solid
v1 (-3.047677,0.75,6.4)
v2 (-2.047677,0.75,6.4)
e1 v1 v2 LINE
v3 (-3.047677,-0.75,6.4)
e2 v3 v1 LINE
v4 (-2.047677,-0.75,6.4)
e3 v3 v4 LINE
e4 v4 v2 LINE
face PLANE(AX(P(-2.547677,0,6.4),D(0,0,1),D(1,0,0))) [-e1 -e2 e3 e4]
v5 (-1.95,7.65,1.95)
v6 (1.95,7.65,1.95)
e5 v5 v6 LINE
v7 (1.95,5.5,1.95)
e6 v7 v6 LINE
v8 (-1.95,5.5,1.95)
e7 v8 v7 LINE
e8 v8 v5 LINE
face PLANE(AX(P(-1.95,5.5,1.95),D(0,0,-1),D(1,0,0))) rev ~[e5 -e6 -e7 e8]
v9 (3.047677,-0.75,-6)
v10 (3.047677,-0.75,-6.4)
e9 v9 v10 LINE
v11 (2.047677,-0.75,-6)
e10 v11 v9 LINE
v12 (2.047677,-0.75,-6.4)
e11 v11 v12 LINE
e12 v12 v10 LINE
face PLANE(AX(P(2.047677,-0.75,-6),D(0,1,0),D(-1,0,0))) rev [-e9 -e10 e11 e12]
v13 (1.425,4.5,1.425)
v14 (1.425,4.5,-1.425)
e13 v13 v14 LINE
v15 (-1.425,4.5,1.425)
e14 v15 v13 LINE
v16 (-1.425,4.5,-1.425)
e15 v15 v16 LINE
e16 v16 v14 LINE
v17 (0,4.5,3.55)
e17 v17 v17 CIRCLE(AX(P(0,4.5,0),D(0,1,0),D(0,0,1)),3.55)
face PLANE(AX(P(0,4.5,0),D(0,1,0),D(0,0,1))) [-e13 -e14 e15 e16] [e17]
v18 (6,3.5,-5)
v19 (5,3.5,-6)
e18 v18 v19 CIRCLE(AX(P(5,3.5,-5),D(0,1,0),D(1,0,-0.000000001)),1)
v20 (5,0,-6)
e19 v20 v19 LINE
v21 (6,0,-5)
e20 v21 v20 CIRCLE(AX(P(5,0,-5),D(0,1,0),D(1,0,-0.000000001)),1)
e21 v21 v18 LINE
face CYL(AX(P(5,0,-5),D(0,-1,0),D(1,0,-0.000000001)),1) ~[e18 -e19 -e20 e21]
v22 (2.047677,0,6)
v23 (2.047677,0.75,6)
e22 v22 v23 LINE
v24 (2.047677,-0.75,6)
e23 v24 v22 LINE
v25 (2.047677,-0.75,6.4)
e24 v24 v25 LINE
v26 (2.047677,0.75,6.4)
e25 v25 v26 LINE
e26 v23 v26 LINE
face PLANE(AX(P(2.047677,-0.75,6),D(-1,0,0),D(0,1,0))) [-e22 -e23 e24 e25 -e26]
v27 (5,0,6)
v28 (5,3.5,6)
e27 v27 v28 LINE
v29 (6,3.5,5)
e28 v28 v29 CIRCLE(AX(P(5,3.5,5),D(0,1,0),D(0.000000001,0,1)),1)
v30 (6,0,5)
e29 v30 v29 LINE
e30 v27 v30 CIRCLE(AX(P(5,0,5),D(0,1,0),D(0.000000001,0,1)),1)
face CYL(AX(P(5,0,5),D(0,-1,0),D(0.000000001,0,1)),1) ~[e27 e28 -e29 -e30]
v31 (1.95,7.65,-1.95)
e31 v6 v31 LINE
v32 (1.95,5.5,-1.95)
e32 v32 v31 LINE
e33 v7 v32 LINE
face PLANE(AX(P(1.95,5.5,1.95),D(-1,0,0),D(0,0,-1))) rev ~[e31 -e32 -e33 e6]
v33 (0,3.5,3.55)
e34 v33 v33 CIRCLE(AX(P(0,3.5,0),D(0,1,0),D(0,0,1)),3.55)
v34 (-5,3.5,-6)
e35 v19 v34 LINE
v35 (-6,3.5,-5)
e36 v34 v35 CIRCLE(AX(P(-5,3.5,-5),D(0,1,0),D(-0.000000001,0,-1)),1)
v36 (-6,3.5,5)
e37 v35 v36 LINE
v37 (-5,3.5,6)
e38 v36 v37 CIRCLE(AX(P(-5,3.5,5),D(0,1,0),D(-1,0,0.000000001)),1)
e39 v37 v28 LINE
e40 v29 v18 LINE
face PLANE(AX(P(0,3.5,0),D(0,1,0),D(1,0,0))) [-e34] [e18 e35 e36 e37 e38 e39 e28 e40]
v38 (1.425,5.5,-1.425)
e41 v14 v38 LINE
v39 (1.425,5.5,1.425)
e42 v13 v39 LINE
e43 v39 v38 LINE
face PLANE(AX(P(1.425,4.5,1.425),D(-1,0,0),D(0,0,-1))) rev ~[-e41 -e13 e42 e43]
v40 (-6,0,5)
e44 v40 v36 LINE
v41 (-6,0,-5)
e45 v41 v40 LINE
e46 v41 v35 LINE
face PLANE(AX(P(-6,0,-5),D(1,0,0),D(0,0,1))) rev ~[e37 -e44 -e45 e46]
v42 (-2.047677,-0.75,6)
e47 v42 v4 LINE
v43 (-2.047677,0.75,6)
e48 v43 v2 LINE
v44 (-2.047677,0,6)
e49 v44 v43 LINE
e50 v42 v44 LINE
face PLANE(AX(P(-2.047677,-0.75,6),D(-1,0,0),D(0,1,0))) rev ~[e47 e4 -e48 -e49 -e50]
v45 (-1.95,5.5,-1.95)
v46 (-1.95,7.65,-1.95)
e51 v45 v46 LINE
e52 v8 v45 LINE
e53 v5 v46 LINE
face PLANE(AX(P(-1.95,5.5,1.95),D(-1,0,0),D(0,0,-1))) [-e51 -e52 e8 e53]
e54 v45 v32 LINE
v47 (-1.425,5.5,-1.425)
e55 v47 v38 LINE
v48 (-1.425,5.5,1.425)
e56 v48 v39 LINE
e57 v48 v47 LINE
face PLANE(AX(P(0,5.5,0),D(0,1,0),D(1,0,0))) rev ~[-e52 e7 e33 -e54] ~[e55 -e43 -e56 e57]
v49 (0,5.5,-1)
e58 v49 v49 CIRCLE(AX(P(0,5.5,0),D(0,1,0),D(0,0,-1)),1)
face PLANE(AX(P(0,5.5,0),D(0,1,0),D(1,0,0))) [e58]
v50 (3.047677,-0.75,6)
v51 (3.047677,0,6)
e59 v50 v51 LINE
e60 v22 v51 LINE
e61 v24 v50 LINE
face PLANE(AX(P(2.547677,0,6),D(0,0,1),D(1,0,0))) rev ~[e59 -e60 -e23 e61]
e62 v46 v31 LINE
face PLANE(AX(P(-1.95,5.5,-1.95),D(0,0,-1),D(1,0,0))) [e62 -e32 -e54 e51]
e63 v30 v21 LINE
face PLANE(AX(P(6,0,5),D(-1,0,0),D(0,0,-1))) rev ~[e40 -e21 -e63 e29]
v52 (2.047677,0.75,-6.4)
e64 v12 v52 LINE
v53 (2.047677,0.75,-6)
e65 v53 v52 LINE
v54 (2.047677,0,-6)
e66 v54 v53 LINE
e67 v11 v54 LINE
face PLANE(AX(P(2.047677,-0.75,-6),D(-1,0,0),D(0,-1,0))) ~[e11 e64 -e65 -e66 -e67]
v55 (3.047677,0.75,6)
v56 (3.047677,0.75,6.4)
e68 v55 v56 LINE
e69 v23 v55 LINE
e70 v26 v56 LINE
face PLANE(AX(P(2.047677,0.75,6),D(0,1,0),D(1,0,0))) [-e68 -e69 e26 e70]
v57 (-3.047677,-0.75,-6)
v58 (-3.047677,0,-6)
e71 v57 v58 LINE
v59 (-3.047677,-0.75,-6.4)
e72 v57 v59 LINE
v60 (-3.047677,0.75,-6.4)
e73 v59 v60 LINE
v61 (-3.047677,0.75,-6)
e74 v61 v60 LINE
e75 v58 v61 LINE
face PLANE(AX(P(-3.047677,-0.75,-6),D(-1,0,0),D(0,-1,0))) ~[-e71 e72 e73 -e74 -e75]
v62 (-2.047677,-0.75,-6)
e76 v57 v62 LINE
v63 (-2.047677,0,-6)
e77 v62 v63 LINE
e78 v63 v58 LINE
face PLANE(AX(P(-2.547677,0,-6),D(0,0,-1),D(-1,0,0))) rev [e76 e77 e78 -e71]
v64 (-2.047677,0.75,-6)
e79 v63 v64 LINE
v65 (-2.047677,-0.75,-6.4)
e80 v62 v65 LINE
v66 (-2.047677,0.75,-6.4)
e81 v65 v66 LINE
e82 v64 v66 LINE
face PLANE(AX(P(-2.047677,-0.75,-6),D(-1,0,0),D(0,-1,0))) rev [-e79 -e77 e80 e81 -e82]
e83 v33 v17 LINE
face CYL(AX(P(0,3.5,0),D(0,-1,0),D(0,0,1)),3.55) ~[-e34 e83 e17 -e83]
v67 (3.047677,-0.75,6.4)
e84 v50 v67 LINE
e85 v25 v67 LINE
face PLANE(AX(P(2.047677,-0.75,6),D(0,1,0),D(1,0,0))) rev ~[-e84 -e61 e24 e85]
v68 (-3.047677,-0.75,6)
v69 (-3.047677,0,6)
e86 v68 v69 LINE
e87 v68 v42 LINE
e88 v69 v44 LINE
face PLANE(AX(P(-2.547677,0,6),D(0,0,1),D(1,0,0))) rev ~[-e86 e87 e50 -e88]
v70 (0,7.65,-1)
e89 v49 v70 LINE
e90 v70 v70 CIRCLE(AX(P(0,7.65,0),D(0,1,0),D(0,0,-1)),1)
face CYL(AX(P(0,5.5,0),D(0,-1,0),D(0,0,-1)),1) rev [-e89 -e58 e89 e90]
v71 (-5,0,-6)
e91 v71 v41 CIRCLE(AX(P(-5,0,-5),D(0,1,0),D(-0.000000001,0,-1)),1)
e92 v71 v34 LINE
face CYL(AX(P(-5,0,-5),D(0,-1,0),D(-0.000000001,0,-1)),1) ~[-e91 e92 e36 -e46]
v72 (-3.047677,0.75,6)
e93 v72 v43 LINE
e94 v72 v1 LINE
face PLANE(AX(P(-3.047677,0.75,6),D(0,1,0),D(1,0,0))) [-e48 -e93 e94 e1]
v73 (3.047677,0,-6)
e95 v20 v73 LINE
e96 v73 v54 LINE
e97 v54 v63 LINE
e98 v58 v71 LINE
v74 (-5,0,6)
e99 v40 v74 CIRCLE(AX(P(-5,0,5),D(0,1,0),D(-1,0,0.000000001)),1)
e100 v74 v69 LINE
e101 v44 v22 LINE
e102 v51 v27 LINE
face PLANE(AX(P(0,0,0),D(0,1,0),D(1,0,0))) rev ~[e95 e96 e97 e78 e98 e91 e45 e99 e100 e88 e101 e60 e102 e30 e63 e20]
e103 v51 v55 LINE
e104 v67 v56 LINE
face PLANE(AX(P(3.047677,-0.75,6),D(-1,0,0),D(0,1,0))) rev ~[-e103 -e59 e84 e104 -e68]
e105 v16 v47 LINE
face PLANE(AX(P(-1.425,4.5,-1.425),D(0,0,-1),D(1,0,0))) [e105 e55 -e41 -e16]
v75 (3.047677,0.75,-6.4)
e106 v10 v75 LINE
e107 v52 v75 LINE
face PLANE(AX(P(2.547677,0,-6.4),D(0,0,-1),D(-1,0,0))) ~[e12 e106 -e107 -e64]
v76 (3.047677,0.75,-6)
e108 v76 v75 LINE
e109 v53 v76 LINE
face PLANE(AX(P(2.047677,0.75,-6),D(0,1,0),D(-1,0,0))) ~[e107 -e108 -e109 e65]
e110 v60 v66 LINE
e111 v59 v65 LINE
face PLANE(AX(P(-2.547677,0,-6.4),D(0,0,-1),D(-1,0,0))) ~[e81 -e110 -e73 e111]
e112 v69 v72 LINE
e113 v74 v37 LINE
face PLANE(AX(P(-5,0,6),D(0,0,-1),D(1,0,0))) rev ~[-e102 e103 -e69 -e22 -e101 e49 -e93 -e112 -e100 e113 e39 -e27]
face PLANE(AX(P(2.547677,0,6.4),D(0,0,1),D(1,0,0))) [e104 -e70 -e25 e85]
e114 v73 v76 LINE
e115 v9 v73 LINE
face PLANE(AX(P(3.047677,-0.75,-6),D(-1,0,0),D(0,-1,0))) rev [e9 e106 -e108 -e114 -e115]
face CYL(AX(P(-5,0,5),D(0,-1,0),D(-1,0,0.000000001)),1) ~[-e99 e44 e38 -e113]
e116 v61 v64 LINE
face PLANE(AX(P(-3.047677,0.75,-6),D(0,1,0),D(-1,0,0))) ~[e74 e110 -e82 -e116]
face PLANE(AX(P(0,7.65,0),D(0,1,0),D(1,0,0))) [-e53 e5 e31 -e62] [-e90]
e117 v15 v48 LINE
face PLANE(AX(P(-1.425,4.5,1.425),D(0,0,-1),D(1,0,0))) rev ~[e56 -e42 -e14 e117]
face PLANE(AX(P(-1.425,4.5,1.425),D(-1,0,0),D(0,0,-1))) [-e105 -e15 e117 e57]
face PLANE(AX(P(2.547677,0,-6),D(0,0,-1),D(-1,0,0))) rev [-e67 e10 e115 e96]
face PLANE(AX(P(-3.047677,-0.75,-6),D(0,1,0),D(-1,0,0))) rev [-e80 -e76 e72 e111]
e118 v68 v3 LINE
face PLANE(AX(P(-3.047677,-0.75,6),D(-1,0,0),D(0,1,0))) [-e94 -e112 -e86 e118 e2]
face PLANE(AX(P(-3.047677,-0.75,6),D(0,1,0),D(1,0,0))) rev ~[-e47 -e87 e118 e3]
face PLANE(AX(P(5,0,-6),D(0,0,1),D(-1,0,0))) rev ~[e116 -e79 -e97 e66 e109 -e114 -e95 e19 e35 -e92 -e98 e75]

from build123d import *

# Parameters (mm, degrees)
BOSS_EXTRUDE1_DEPTH = 3.5
SKETCH2_R           = 3.55
BOSS_EXTRUDE2_DEPTH = 1
SKETCH3_W           = 2.85
SKETCH3_H           = 2.85
BOSS_EXTRUDE3_DEPTH = 1
SKETCH4_W           = 3.9
SKETCH4_H           = 3.9
SKETCH4_R           = 1
BOSS_EXTRUDE4_DEPTH = 2.15
SKETCH5_W           = 1
SKETCH5_H           = 1.5
BOSS_EXTRUDE5_DEPTH = 0.4


with BuildPart() as part:
    # Sketch1 → Boss-Extrude1 (new body)
    with BuildSketch(Plane(origin=(0, 0, 0), x_dir=(1, 0, 0), z_dir=(0, 1, 0))):
        with BuildLine():
            Line((-5, -6), (5, -6))
            ThreePointArc((5, -6), (5.707106781, -5.707106781), (6, -5))
            Line((6, -5), (6, 5))
            ThreePointArc((6, 5), (5.707106781, 5.707106781), (5, 6))
            Line((5, 6), (-5, 6))
            ThreePointArc((-5, 6), (-5.707106781, 5.707106781), (-6, 5))
            Line((-6, 5), (-6, -5))
            ThreePointArc((-6, -5), (-5.707106781, -5.707106781), (-5, -6))
        make_face()
    extrude(amount=BOSS_EXTRUDE1_DEPTH)

    # Sketch2 → Boss-Extrude2 (add)
    with BuildSketch(Plane(origin=(0, 3.5, 0), x_dir=(1, 0, 0), z_dir=(0, 1, 0))):
        with Locations(Location((0, 0, 0), (0, 0, 270))):
            Circle(SKETCH2_R)
    extrude(amount=BOSS_EXTRUDE2_DEPTH)

    # Sketch3 → Boss-Extrude3 (add)
    with BuildSketch(Plane(origin=(0, 4.5, 0), x_dir=(1, 0, 0), z_dir=(0, 1, 0))):
        Rectangle(SKETCH3_W, SKETCH3_H)
    extrude(amount=BOSS_EXTRUDE3_DEPTH)

    # Sketch4 → Boss-Extrude4 (add)
    with BuildSketch(Plane(origin=(0, 5.5, 0), x_dir=(1, 0, 0), z_dir=(0, 1, 0))):
        Rectangle(SKETCH4_W, SKETCH4_H)
        with Locations(Location((0, 0, 0), (0, 0, 90))):
            Circle(SKETCH4_R, mode=Mode.SUBTRACT)
    extrude(amount=BOSS_EXTRUDE4_DEPTH)

    # Sketch5 → Boss-Extrude5 (add)
    with BuildSketch(Plane.XY.offset(6)):
        with Locations((-2.547676789, 0)):
            Rectangle(SKETCH5_W, SKETCH5_H)
        with Locations((2.547676789, 0)):
            Rectangle(SKETCH5_W, SKETCH5_H)
    boss_extrude5 = extrude(amount=BOSS_EXTRUDE5_DEPTH)

    # Mirror1: Boss-Extrude5 across plane
    add(boss_extrude5.mirror(Plane.XY))


solid = part.part
